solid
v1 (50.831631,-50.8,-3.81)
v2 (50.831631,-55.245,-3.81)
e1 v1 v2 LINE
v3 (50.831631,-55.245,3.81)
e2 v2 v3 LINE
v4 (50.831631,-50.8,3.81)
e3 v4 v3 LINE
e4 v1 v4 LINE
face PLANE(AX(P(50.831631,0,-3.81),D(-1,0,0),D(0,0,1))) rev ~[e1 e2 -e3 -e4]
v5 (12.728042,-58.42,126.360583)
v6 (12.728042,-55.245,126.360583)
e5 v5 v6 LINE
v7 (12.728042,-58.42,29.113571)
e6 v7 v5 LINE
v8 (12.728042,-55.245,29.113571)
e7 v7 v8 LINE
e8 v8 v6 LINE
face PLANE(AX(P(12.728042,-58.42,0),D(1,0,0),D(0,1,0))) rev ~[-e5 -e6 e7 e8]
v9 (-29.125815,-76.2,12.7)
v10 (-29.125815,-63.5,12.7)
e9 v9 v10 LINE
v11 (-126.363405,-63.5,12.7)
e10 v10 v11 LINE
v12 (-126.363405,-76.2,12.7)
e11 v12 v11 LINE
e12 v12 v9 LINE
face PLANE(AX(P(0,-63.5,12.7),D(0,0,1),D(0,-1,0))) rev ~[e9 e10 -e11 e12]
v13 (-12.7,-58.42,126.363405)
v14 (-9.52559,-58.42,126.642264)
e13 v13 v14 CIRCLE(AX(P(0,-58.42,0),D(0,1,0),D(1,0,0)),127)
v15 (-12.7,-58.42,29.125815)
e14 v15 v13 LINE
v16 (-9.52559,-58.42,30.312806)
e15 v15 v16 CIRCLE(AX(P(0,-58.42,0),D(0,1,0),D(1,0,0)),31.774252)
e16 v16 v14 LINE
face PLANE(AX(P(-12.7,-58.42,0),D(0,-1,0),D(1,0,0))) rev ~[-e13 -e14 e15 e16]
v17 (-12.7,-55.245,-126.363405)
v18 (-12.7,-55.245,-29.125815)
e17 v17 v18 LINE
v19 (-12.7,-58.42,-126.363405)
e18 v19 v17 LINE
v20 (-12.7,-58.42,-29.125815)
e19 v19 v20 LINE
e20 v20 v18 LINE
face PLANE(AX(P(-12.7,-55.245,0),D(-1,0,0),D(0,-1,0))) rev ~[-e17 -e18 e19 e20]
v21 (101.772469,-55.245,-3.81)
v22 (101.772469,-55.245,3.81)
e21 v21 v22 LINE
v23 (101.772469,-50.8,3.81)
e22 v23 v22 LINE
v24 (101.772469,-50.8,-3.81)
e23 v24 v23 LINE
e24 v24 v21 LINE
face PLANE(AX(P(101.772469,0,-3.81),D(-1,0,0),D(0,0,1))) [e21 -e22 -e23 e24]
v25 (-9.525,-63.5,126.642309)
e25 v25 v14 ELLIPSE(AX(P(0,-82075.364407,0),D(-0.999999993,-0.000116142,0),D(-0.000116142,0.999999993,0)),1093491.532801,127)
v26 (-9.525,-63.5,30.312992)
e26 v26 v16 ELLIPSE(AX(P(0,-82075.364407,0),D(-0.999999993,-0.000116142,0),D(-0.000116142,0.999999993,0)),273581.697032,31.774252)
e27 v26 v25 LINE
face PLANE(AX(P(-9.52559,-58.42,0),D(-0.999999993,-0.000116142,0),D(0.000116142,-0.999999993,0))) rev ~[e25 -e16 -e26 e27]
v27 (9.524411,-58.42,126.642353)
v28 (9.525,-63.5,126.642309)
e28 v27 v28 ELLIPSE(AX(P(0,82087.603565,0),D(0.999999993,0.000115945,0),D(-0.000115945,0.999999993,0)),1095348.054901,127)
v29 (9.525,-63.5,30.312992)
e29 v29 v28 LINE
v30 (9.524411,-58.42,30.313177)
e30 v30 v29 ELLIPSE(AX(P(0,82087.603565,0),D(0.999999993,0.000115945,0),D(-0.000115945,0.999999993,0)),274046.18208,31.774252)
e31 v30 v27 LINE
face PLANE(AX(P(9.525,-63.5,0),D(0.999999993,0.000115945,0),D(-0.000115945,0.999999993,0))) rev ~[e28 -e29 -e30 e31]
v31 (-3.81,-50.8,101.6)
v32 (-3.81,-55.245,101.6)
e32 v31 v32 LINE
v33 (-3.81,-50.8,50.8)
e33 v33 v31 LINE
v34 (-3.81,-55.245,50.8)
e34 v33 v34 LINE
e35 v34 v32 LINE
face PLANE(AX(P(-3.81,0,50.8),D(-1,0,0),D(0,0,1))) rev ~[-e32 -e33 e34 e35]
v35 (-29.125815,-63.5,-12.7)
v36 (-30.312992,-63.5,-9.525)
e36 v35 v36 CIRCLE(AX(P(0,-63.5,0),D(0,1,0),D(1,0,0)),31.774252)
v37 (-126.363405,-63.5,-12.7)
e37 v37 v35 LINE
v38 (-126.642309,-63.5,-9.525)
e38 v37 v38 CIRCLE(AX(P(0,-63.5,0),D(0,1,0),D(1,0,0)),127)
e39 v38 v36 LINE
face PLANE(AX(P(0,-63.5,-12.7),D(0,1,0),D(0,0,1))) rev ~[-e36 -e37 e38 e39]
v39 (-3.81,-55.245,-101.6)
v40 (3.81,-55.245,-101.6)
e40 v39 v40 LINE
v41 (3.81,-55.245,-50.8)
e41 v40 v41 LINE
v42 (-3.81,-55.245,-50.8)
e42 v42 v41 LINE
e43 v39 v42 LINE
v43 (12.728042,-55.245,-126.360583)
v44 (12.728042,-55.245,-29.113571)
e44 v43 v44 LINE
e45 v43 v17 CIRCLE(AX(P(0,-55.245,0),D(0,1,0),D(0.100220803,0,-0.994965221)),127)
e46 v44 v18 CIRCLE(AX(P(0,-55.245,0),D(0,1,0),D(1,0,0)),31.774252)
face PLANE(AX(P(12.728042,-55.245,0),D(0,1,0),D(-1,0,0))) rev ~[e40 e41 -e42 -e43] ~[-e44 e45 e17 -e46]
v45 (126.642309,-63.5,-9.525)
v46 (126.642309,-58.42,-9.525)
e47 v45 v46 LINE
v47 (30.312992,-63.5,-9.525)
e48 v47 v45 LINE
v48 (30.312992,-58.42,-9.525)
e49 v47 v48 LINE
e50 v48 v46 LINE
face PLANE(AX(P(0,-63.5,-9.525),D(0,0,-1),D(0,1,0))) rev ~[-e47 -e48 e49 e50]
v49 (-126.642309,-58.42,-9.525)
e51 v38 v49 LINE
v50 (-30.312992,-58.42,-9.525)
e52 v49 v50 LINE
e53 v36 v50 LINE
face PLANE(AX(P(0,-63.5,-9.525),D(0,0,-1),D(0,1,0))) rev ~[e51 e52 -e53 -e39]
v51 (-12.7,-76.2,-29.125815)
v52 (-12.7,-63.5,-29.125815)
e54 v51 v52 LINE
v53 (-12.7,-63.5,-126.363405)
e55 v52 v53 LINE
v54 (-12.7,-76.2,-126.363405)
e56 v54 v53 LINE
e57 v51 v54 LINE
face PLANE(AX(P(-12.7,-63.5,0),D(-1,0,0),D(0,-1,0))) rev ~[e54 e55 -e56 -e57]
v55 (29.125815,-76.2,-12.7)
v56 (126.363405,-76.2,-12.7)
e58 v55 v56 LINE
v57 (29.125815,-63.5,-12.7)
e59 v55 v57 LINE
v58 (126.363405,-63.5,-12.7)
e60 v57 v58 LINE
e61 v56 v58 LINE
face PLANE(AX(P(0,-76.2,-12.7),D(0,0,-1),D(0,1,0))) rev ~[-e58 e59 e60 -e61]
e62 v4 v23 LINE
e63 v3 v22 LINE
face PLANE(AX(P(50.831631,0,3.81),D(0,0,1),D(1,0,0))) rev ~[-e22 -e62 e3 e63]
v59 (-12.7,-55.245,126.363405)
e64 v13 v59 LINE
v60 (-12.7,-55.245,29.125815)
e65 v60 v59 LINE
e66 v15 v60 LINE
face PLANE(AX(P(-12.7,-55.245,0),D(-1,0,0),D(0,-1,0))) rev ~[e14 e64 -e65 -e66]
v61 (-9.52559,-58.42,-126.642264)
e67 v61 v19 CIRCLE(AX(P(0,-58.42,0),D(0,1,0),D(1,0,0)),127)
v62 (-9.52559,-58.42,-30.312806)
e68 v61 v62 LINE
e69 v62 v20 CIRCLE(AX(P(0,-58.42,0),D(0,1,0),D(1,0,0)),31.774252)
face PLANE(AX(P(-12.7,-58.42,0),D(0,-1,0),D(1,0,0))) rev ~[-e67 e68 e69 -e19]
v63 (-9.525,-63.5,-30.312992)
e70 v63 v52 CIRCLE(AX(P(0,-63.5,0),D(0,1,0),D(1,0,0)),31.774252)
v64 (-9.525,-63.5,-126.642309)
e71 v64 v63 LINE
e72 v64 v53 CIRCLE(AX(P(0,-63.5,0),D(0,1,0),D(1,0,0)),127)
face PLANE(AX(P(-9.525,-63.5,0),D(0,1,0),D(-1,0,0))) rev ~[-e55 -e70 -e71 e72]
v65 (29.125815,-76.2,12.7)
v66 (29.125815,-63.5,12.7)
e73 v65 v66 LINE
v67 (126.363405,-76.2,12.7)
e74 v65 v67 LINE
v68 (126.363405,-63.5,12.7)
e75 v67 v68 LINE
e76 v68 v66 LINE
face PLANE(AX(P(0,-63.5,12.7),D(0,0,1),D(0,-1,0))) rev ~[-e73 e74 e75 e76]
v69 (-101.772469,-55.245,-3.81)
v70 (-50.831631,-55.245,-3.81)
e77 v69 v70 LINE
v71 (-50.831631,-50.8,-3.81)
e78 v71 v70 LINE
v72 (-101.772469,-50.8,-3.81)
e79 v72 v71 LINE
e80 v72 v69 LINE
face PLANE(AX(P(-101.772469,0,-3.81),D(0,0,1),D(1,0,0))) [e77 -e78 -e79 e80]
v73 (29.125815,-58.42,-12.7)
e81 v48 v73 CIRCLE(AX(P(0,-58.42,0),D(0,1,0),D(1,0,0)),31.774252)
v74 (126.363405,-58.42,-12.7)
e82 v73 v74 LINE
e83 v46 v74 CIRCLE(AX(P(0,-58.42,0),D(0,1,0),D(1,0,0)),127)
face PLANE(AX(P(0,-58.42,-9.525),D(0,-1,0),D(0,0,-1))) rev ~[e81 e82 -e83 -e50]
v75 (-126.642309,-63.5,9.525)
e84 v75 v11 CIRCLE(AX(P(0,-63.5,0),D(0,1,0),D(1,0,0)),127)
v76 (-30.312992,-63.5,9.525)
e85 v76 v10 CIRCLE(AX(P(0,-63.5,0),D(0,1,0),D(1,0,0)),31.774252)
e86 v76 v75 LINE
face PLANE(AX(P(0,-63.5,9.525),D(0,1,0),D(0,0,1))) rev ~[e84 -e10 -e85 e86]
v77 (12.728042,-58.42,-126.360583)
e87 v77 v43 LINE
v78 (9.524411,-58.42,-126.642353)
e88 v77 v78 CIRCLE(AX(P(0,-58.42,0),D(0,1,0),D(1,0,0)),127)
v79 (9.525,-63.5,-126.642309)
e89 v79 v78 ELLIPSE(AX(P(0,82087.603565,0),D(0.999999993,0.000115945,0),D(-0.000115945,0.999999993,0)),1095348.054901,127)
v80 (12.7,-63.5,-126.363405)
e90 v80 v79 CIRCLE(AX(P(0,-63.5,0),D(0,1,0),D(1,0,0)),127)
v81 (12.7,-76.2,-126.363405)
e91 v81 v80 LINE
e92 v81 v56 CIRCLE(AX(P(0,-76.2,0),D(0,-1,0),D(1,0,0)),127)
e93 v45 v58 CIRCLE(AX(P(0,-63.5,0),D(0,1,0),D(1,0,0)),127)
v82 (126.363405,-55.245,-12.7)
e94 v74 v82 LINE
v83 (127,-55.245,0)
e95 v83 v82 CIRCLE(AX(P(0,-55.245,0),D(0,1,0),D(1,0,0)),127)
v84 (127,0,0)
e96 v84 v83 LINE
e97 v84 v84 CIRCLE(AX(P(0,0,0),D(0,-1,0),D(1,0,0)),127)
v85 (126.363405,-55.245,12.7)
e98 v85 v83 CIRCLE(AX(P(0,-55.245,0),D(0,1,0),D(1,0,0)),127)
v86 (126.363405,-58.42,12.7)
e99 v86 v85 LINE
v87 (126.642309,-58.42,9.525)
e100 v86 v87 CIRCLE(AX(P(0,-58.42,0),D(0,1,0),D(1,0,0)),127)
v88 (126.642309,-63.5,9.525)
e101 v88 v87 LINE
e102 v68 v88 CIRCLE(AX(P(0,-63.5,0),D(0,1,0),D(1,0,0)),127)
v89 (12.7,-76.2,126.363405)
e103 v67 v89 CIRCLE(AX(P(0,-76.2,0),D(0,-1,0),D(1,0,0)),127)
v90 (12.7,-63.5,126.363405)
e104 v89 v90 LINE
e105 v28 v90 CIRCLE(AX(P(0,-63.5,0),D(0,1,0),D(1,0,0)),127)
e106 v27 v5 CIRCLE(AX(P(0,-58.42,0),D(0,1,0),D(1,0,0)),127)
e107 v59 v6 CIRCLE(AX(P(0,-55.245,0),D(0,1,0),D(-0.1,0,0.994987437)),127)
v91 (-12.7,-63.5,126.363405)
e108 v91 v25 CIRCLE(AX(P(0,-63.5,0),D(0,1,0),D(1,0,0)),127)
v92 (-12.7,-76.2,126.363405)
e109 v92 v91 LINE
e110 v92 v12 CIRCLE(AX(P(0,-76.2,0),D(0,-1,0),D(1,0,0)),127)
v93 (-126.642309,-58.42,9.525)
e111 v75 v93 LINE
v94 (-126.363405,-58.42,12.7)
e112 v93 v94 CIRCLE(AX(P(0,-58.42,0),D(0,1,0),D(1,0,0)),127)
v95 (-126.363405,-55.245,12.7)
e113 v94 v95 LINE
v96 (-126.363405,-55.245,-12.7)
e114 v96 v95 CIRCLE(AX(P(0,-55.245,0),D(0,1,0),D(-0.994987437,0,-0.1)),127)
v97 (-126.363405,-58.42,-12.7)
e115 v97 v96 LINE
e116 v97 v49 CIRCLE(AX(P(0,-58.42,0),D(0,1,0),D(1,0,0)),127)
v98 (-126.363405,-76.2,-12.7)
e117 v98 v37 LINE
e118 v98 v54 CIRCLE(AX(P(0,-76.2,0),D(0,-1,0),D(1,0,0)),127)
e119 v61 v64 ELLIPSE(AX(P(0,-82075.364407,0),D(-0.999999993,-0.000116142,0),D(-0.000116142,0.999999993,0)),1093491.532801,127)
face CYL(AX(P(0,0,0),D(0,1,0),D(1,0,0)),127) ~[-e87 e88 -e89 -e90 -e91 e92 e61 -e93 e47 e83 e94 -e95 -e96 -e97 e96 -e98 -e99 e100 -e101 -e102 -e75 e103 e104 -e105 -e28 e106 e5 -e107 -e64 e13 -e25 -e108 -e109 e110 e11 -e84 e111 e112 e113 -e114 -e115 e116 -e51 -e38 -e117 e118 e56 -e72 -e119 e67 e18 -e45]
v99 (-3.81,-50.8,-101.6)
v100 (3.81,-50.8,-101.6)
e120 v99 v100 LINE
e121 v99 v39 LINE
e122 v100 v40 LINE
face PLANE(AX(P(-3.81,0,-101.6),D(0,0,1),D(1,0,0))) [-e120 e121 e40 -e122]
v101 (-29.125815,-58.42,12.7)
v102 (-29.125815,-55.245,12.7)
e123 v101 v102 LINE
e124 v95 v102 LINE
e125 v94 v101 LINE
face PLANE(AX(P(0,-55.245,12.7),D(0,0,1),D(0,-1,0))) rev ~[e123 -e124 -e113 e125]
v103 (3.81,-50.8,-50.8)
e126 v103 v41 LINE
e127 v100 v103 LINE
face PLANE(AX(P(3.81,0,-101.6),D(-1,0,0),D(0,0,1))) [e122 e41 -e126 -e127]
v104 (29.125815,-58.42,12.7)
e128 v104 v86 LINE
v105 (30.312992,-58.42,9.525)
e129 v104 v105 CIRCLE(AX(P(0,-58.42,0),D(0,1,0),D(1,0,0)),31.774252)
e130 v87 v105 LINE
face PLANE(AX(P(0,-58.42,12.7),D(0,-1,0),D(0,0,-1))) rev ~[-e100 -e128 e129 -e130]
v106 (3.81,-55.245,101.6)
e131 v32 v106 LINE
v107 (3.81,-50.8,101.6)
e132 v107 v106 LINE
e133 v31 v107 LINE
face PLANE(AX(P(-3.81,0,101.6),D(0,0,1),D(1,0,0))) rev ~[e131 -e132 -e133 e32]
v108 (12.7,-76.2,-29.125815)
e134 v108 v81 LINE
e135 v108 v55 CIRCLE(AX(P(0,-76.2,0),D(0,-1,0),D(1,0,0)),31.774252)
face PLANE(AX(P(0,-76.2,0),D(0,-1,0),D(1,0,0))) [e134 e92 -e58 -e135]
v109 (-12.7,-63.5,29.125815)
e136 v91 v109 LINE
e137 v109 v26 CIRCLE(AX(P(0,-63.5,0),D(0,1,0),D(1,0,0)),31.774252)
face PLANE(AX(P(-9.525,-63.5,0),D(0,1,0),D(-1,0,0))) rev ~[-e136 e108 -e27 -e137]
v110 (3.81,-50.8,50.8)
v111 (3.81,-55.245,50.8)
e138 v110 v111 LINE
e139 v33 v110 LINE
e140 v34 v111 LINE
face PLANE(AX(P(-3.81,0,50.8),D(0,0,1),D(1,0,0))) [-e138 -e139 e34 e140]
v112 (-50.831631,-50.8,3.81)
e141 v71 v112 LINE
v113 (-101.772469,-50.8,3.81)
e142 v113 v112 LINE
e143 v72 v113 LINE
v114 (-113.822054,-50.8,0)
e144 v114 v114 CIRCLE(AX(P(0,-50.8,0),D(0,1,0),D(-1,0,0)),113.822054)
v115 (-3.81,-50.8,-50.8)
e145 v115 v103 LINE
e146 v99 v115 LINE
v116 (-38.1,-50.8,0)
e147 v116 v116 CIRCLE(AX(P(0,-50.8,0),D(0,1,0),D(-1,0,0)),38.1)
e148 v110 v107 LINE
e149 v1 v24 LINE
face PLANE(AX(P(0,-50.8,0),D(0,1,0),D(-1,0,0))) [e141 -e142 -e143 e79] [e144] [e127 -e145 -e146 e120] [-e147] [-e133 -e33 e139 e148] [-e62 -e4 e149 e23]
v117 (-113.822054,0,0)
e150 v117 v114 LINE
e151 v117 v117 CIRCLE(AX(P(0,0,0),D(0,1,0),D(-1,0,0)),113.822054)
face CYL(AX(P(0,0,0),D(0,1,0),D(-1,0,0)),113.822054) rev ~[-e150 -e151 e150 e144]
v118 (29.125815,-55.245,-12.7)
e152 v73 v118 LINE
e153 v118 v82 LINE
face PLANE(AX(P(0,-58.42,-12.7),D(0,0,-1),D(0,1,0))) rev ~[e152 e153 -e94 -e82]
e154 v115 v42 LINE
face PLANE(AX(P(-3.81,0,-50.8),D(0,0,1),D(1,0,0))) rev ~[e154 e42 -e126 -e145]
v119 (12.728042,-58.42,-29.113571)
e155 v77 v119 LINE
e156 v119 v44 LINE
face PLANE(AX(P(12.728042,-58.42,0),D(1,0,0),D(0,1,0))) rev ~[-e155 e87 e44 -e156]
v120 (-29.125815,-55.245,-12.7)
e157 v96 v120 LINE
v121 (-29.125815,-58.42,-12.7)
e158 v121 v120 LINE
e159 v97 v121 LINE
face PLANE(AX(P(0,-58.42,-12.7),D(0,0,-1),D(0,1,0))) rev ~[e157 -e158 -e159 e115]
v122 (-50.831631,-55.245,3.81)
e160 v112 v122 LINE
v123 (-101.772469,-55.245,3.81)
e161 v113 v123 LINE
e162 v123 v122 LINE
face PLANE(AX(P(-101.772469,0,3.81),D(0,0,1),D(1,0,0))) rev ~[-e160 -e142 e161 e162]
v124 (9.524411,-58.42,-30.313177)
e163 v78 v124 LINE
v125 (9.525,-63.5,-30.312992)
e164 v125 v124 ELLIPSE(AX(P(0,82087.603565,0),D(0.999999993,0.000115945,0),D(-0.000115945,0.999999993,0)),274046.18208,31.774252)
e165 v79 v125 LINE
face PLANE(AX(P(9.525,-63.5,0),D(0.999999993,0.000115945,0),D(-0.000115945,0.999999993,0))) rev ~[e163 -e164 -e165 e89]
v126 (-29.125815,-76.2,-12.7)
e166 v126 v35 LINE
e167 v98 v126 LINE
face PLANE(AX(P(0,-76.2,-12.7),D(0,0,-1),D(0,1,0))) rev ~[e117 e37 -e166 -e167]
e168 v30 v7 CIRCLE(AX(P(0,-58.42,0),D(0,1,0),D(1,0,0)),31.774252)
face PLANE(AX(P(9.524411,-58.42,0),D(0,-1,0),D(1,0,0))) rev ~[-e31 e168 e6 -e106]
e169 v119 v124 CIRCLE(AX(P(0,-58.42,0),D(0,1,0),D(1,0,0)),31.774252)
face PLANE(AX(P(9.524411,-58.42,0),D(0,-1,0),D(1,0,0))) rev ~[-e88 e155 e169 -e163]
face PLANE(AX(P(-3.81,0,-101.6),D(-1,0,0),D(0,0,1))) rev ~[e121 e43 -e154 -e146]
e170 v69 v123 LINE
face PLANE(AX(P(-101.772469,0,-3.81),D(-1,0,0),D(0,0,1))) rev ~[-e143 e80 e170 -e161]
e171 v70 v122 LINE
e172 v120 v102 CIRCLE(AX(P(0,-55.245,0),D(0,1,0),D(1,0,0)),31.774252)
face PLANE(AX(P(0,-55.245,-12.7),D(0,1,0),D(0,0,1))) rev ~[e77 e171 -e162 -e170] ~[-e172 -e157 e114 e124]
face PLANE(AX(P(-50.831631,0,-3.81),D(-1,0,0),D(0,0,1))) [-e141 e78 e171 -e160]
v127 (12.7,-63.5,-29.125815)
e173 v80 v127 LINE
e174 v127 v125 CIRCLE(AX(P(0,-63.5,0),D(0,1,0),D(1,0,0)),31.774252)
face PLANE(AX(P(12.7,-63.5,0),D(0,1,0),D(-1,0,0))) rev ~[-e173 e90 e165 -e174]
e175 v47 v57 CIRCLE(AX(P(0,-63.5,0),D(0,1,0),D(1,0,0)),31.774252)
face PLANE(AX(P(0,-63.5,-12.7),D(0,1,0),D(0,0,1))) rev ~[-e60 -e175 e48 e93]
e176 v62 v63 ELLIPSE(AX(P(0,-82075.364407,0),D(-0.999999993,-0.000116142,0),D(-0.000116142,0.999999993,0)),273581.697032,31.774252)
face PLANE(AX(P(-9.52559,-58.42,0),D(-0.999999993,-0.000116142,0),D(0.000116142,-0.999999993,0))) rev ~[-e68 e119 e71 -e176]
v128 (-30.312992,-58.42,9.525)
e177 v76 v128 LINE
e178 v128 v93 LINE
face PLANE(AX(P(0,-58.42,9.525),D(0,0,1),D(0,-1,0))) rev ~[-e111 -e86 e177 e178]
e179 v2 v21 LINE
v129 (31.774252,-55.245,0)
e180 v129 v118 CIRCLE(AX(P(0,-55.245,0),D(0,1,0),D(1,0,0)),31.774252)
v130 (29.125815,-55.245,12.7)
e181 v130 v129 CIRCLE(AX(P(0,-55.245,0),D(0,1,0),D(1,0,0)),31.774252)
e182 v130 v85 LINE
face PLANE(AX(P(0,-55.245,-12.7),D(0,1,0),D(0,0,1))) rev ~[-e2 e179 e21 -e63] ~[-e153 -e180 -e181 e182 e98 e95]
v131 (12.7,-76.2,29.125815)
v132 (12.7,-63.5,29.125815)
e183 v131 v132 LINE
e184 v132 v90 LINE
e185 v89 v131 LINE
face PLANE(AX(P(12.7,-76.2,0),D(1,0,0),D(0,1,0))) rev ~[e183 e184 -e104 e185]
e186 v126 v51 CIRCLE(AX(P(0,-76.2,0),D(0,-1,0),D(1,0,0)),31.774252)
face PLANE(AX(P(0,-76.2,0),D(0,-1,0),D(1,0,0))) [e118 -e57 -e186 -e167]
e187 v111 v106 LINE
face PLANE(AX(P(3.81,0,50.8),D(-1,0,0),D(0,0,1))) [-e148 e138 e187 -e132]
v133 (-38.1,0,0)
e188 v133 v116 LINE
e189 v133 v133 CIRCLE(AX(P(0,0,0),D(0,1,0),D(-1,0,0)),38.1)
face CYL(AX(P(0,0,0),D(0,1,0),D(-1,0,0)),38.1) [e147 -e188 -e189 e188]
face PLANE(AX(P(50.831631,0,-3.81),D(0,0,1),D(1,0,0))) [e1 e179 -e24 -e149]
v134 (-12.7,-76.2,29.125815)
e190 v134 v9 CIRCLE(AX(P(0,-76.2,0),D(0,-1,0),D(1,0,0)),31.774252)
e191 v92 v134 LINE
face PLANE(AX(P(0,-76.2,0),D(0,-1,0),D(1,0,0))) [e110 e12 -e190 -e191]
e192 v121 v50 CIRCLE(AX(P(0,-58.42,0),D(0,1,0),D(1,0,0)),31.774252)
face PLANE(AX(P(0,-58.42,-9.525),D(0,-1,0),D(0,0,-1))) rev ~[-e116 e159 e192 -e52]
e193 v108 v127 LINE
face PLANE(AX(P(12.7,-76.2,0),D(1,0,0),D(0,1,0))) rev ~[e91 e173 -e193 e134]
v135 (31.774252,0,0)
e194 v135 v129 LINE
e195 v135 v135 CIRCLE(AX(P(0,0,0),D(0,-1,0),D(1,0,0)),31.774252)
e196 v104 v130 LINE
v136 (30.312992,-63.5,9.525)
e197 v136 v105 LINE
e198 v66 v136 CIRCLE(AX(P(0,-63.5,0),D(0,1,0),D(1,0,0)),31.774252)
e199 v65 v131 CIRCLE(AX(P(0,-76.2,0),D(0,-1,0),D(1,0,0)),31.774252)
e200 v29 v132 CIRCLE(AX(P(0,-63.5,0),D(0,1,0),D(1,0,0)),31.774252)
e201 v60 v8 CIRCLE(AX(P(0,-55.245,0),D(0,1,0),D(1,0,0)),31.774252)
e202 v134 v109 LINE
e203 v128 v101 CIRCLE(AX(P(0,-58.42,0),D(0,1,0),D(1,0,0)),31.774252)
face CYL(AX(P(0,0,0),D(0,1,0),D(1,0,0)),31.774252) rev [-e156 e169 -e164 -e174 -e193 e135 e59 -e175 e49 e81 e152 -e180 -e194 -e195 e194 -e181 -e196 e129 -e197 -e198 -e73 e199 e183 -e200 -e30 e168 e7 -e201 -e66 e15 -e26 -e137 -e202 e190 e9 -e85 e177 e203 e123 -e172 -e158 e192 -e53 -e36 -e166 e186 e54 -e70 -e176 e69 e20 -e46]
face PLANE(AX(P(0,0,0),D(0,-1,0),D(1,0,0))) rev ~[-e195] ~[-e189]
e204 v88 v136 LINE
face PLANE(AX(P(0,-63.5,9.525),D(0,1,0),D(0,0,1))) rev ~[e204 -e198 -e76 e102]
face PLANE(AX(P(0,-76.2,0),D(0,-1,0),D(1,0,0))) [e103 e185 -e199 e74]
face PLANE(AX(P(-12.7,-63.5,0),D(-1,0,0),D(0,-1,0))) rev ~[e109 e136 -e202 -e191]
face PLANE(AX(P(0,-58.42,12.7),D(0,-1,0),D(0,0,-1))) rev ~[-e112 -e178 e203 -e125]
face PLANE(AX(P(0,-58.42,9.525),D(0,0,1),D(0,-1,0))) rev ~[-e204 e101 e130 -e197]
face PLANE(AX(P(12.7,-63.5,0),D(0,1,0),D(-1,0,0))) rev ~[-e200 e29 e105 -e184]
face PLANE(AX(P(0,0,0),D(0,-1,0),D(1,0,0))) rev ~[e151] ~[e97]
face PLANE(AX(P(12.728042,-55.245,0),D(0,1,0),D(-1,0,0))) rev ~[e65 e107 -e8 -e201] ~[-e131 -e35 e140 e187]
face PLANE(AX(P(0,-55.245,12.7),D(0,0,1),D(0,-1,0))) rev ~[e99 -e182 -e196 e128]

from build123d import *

# Parameters (mm, degrees)
F0_R     = 127
F0_R_2   = 31.774252
F1_DEPTH = 76.2
F3_DEPTH = 127
F5_DEPTH = 127
F6_R     = 113.822054
F6_R_2   = 38.1
F7_DEPTH = 50.8
F8_W     = 50.940839
F8_H     = 7.62
F8_W_2   = 7.62
F8_H_2   = 50.8
F9_DEPTH = 76.2


with BuildPart() as f1:
    # F0 (on Front) → F1 (new body)
    with BuildSketch(Plane.XZ):
        Circle(F0_R)
        Circle(F0_R_2, mode=Mode.SUBTRACT)
    extrude(amount=F1_DEPTH)

    # F2 (on Right) → F3 (cut, symmetric)
    with BuildSketch(Plane.YZ):
        Polygon((-63.5, 12.7), (-76.2, 12.7), (-76.2, -12.7), (-63.5, -12.7), (-63.5, -9.525), (-58.42, -9.525), (-58.42, -12.7), (-55.245, -12.7), (-55.245, 12.7), (-58.42, 12.7), (-58.42, 9.525), (-63.5, 9.525), align=None)
    extrude(amount=F3_DEPTH, both=True, mode=Mode.SUBTRACT)

    # F4 (on Top) → F5 (cut, symmetric)
    with BuildSketch(Plane.XY):
        Polygon((12.7, -76.2), (12.7, -63.5), (9.525, -63.5), (9.524411, -58.42), (12.728042, -58.42), (12.728042, -55.245), (-12.7, -55.245), (-12.7, -58.42), (-9.52559, -58.42), (-9.525, -63.5), (-12.7, -63.5), (-12.7, -76.2), align=None)
    extrude(amount=F5_DEPTH, both=True, mode=Mode.SUBTRACT)

    # F6 (on face) → F7 (cut)
    with BuildSketch(Plane(origin=(0, 0, 0), x_dir=(-1, 0, 0), z_dir=(0, 1, 0))):
        Circle(F6_R)
        Circle(F6_R_2, mode=Mode.SUBTRACT)
    extrude(amount=-F7_DEPTH, mode=Mode.SUBTRACT)

    # F8 (on Front) → F9 (cut)
    with BuildSketch(Plane.XZ):
        with Locations((76.30205, 0)):
            Rectangle(F8_W, F8_H)
        with Locations((-76.30205, 0)):
            Rectangle(F8_W, F8_H)
        with Locations((0, -76.2)):
            Rectangle(F8_W_2, F8_H_2)
        with Locations((0, 76.2)):
            Rectangle(F8_W_2, F8_H_2)
    extrude(amount=F9_DEPTH, mode=Mode.SUBTRACT)


solid = f1.part
